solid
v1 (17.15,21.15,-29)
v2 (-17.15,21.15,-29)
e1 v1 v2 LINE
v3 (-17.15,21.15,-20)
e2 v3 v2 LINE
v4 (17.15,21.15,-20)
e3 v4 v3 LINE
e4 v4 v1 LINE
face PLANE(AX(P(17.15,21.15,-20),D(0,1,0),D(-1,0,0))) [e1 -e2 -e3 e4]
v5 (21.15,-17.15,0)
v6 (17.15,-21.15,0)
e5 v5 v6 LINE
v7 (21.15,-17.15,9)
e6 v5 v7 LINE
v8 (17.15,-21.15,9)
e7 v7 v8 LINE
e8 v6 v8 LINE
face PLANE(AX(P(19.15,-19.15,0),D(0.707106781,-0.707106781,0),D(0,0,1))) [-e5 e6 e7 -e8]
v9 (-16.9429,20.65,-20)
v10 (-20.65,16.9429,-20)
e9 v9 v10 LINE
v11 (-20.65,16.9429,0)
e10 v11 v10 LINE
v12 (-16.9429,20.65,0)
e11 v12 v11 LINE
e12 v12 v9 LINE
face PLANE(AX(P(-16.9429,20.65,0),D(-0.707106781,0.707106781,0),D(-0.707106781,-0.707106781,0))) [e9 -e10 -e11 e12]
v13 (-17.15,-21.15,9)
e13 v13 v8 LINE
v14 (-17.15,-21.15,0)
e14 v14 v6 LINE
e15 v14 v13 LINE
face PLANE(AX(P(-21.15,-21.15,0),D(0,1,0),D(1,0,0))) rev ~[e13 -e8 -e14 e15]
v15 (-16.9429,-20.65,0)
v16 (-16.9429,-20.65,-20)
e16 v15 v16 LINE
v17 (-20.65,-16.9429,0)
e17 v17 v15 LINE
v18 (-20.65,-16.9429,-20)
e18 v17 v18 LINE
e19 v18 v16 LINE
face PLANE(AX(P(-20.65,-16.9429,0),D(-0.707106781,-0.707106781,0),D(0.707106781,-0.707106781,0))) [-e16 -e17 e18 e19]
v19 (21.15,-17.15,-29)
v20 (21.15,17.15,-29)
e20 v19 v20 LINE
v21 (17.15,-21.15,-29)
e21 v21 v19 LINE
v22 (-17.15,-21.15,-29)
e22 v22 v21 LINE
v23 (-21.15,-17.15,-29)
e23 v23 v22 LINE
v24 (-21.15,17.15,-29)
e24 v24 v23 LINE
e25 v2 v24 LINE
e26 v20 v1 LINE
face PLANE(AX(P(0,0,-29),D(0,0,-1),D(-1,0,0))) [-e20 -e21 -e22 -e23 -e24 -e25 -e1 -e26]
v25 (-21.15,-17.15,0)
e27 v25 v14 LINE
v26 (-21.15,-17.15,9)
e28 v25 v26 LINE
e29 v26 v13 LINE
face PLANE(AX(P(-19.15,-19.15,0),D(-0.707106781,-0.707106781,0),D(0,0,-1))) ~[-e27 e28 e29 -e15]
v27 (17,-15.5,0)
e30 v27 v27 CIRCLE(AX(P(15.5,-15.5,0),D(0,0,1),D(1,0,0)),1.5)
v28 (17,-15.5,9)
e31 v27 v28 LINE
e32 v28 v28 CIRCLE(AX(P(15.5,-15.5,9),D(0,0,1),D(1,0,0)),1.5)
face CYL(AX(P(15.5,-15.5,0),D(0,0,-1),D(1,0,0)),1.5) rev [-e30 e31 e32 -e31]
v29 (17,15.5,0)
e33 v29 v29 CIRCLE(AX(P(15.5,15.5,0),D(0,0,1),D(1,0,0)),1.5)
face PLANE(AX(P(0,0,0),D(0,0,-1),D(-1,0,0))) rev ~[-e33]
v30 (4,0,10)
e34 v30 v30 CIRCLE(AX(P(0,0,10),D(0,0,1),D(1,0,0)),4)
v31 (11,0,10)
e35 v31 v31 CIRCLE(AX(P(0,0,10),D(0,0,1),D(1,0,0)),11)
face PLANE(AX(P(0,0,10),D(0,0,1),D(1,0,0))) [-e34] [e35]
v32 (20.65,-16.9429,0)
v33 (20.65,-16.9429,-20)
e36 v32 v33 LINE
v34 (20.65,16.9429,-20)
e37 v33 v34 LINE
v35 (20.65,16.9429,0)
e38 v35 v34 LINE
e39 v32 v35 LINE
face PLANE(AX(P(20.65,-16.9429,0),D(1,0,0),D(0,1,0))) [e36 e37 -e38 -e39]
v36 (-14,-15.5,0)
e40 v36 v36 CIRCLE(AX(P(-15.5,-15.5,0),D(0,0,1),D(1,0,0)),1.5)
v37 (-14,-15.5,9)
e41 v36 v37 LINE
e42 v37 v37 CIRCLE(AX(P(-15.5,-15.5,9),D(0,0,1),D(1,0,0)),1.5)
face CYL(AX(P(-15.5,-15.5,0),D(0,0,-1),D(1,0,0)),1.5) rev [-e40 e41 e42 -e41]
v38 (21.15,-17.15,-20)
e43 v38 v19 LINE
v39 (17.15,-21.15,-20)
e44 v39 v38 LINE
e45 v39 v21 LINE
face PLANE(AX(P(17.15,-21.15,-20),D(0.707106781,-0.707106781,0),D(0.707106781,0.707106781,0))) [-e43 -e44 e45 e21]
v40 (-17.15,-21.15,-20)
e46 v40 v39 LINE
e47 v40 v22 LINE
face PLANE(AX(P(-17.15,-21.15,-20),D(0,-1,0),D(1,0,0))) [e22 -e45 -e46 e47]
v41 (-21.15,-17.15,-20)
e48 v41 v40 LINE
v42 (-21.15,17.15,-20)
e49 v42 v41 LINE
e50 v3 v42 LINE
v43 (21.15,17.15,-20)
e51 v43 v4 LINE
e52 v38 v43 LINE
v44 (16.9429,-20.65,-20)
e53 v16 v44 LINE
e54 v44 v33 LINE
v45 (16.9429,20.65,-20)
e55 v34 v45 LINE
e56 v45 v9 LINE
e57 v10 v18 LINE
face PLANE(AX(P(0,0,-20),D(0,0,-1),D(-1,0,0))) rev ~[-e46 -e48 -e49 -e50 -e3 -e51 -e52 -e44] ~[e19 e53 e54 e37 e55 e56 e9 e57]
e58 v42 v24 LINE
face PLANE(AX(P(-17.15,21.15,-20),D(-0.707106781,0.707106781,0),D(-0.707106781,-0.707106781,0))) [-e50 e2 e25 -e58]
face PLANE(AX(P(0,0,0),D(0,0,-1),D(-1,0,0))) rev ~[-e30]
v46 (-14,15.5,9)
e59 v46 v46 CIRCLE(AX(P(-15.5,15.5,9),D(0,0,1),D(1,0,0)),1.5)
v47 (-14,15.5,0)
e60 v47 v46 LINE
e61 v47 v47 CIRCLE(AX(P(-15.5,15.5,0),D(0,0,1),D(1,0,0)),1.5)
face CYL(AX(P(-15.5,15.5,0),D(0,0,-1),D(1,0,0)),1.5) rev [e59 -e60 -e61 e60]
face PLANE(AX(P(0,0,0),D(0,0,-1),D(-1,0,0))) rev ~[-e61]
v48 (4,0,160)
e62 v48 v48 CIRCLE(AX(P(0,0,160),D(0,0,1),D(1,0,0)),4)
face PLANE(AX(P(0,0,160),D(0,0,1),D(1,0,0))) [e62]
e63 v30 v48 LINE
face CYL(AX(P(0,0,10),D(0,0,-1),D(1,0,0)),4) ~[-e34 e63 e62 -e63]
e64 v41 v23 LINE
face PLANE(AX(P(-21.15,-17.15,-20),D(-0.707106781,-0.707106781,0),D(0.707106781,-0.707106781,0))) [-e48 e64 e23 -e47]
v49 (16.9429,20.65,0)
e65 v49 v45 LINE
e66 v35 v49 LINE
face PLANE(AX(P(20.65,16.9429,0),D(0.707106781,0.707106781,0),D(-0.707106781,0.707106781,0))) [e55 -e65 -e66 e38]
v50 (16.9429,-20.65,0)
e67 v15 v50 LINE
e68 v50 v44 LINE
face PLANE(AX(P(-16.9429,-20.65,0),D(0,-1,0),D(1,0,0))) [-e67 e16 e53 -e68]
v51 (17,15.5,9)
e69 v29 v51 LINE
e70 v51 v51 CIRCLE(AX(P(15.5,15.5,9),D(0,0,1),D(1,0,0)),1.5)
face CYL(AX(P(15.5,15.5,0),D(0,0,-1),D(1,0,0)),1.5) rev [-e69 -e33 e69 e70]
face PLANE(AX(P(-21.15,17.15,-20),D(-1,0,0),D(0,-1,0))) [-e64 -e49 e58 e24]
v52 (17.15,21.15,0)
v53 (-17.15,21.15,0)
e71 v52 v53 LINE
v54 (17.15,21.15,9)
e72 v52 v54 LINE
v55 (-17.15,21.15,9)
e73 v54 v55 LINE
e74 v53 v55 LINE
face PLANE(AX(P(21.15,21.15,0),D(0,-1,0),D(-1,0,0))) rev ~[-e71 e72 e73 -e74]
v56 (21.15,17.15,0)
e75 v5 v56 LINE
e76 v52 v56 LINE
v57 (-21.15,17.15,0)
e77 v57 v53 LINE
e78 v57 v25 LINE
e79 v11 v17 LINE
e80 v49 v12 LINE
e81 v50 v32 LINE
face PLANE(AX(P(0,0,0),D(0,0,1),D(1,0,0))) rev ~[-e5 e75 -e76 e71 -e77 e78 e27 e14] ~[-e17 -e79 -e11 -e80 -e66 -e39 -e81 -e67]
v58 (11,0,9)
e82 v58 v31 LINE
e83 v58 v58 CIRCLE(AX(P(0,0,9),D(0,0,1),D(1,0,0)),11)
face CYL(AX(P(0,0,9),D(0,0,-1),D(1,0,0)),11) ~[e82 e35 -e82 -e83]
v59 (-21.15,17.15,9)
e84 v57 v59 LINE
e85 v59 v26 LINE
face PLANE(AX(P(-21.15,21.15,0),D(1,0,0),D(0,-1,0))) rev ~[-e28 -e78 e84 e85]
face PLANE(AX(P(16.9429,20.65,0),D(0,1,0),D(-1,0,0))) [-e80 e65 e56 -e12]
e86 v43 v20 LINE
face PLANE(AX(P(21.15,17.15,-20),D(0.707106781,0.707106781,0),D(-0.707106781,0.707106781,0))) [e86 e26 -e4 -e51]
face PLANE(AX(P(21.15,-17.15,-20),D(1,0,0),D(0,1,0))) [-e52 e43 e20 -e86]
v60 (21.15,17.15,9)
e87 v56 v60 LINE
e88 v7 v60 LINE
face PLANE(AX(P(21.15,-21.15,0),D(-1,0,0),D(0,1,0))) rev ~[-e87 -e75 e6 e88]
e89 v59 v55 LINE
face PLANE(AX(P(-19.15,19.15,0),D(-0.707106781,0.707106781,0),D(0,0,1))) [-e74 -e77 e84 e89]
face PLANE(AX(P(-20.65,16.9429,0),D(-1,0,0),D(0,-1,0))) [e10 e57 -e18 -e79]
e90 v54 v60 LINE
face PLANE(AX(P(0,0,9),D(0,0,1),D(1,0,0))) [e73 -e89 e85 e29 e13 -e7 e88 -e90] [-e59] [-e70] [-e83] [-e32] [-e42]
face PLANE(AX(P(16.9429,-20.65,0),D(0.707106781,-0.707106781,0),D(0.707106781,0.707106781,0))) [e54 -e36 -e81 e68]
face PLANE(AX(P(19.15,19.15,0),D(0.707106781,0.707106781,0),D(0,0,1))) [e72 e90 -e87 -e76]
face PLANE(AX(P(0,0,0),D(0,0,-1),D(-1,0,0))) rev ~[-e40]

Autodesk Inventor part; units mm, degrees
ref_plane "YZ Plane" through (0, 0, 0) normal (1, 0, 0) x (0, 1, 0)
ref_plane "XZ Plane" through (0, 0, 0) normal (0, 1, 0) x (-1, 0, 0)
ref_plane "XY Plane" through (0, 0, 0) normal (0, 0, 1) x (1, 0, 0)
sketch "Sketch1" plane through (0, 0, 0) normal (0, 0, 1) x (1, 0, 0)
  line L0 (-21.15, -21.15) -> (21.15, -21.15)
  line L1 (21.15, -21.15) -> (21.15, 21.15)
  line L2 (21.15, 21.15) -> (-21.15, 21.15)
  line L3 (-21.15, 21.15) -> (-21.15, -21.15)
  line L4 (-21.15, -21.15) -> (21.15, 21.15) construction
  line L5 (21.15, -21.15) -> (-21.15, 21.15) construction
  line L6 (-15.5, -15.5) -> (15.5, -15.5) construction
  line L7 (15.5, -15.5) -> (15.5, 15.5) construction
  line L8 (15.5, 15.5) -> (-15.5, 15.5) construction
  line L9 (-15.5, 15.5) -> (-15.5, -15.5) construction
  line L10 (-15.5, -15.5) -> (15.5, 15.5) construction
  line L11 (15.5, -15.5) -> (-15.5, 15.5) construction
  circle A0 centre (-15.5, 15.5) radius 1.5
  circle A1 centre (15.5, 15.5) radius 1.5
  circle A2 centre (15.5, -15.5) radius 1.5
  circle A3 centre (-15.5, -15.5) radius 1.5
  point P0 (0, 0)
  dimension "d0" = 42.3
  dimension "d1" = 31
  dimension "d2" = 3
extrude "Extrusion1" add sketch "Sketch1" along normal blind 9
chamfer "Chamfer1" distance 4 angle 45 4 edges at (21.15, 21.15, 4.5) (21.15, -21.15, 4.5) (-21.15, 21.15, 4.5) (-21.15, -21.15, 4.5)
sketch "Sketch3" plane through (0, 0, 0) normal (0, 0, -1) x (-1, 0, 0)
  circle A0 centre (15.5, 15.5) radius 1.5 projected
  line L0 (21.15, 17.15) -> (21.15, -17.15) projected
  line L1 (17.15, 21.15) -> (21.15, 17.15) projected
  line L2 (-17.15, 21.15) -> (17.15, 21.15) projected
  line L3 (-21.15, 17.15) -> (-17.15, 21.15) projected
  line L4 (-21.15, -17.15) -> (-21.15, 17.15) projected
  circle A1 centre (15.5, -15.5) radius 1.5 projected
  circle A2 centre (-15.5, -15.5) radius 1.5 projected
  circle A3 centre (-15.5, 15.5) radius 1.5 projected
  circle A4 centre (15.5, 15.5) radius 1.5 projected
  line L5 (21.15, -17.15) -> (17.15, -21.15) projected
  line L6 (21.15, 17.15) -> (21.15, -17.15) projected
  line L7 (17.15, 21.15) -> (21.15, 17.15) projected
  line L8 (-17.15, 21.15) -> (17.15, 21.15) projected
  line L9 (-21.15, 17.15) -> (-17.15, 21.15) projected
  line L10 (-21.15, -17.15) -> (-21.15, 17.15) projected
  line L11 (-17.15, -21.15) -> (-21.15, -17.15) projected
  line L12 (17.15, -21.15) -> (-17.15, -21.15) projected
  line L13 (-20.65, 16.9429) -> (-16.9429, 20.65)
  line L14 (-16.9429, 20.65) -> (16.9429, 20.65)
  line L15 (16.9429, 20.65) -> (20.65, 16.9429)
  line L16 (20.65, 16.9429) -> (20.65, -16.9429)
  line L17 (20.65, -16.9429) -> (16.9429, -20.65)
  line L18 (16.9429, -20.65) -> (-16.9429, -20.65)
  line L19 (-16.9429, -20.65) -> (-20.65, -16.9429)
  line L20 (-20.65, -16.9429) -> (-20.65, 16.9429)
  point P0 (0, 0)
  dimension "d8" = 0.5
  dimension "d10" = 0.5
  dimension "d11" = 0.5
  dimension "d12" = 0.5
extrude "Extrusion2" add sketch "Sketch3" along normal blind 20 contours A0 | A1 | A2 | A3 | L13 L14 L15 L16 L17 L18 L19 L20
sketch "Sketch4" plane through (0, 0, -20) normal (0, 0, -1) x (-1, 0, 0)
  line L0 (-21.15, 17.15) -> (-17.15, 21.15) projected
  line L1 (-17.15, 21.15) -> (17.15, 21.15) projected
  line L2 (17.15, 21.15) -> (21.15, 17.15) projected
  line L3 (21.15, 17.15) -> (21.15, -17.15) projected
  line L4 (21.15, -17.15) -> (17.15, -21.15) projected
  line L5 (17.15, -21.15) -> (-17.15, -21.15) projected
  line L6 (-17.15, -21.15) -> (-21.15, -17.15) projected
  line L7 (-21.15, -17.15) -> (-21.15, 17.15) projected
  point P0 (0, 0)
extrude "Extrusion3" add sketch "Sketch4" along normal blind 9
sketch "Sketch5" plane through (0, 0, 9) normal (0, 0, 1) x (1, 0, 0)
  circle A0 centre (0, 0) radius 11
  dimension "d17" = 22
extrude "Extrusion4" add sketch "Sketch5" along normal blind 1
sketch "Sketch6" plane through (0, 0, 10) normal (0, 0, 1) x (1, 0, 0)
  circle A0 centre (0, 0) radius 11 projected
  circle A1 centre (0, 0) radius 4
  dimension "d20" = 8
extrude "Extrusion5" add sketch "Sketch6" along normal blind 150 contours A1
equation "\"d10\" = d8"
equation "\"d11\" = d8"
equation "\"d12\" = d8"
properties part number "StepperDrive"
